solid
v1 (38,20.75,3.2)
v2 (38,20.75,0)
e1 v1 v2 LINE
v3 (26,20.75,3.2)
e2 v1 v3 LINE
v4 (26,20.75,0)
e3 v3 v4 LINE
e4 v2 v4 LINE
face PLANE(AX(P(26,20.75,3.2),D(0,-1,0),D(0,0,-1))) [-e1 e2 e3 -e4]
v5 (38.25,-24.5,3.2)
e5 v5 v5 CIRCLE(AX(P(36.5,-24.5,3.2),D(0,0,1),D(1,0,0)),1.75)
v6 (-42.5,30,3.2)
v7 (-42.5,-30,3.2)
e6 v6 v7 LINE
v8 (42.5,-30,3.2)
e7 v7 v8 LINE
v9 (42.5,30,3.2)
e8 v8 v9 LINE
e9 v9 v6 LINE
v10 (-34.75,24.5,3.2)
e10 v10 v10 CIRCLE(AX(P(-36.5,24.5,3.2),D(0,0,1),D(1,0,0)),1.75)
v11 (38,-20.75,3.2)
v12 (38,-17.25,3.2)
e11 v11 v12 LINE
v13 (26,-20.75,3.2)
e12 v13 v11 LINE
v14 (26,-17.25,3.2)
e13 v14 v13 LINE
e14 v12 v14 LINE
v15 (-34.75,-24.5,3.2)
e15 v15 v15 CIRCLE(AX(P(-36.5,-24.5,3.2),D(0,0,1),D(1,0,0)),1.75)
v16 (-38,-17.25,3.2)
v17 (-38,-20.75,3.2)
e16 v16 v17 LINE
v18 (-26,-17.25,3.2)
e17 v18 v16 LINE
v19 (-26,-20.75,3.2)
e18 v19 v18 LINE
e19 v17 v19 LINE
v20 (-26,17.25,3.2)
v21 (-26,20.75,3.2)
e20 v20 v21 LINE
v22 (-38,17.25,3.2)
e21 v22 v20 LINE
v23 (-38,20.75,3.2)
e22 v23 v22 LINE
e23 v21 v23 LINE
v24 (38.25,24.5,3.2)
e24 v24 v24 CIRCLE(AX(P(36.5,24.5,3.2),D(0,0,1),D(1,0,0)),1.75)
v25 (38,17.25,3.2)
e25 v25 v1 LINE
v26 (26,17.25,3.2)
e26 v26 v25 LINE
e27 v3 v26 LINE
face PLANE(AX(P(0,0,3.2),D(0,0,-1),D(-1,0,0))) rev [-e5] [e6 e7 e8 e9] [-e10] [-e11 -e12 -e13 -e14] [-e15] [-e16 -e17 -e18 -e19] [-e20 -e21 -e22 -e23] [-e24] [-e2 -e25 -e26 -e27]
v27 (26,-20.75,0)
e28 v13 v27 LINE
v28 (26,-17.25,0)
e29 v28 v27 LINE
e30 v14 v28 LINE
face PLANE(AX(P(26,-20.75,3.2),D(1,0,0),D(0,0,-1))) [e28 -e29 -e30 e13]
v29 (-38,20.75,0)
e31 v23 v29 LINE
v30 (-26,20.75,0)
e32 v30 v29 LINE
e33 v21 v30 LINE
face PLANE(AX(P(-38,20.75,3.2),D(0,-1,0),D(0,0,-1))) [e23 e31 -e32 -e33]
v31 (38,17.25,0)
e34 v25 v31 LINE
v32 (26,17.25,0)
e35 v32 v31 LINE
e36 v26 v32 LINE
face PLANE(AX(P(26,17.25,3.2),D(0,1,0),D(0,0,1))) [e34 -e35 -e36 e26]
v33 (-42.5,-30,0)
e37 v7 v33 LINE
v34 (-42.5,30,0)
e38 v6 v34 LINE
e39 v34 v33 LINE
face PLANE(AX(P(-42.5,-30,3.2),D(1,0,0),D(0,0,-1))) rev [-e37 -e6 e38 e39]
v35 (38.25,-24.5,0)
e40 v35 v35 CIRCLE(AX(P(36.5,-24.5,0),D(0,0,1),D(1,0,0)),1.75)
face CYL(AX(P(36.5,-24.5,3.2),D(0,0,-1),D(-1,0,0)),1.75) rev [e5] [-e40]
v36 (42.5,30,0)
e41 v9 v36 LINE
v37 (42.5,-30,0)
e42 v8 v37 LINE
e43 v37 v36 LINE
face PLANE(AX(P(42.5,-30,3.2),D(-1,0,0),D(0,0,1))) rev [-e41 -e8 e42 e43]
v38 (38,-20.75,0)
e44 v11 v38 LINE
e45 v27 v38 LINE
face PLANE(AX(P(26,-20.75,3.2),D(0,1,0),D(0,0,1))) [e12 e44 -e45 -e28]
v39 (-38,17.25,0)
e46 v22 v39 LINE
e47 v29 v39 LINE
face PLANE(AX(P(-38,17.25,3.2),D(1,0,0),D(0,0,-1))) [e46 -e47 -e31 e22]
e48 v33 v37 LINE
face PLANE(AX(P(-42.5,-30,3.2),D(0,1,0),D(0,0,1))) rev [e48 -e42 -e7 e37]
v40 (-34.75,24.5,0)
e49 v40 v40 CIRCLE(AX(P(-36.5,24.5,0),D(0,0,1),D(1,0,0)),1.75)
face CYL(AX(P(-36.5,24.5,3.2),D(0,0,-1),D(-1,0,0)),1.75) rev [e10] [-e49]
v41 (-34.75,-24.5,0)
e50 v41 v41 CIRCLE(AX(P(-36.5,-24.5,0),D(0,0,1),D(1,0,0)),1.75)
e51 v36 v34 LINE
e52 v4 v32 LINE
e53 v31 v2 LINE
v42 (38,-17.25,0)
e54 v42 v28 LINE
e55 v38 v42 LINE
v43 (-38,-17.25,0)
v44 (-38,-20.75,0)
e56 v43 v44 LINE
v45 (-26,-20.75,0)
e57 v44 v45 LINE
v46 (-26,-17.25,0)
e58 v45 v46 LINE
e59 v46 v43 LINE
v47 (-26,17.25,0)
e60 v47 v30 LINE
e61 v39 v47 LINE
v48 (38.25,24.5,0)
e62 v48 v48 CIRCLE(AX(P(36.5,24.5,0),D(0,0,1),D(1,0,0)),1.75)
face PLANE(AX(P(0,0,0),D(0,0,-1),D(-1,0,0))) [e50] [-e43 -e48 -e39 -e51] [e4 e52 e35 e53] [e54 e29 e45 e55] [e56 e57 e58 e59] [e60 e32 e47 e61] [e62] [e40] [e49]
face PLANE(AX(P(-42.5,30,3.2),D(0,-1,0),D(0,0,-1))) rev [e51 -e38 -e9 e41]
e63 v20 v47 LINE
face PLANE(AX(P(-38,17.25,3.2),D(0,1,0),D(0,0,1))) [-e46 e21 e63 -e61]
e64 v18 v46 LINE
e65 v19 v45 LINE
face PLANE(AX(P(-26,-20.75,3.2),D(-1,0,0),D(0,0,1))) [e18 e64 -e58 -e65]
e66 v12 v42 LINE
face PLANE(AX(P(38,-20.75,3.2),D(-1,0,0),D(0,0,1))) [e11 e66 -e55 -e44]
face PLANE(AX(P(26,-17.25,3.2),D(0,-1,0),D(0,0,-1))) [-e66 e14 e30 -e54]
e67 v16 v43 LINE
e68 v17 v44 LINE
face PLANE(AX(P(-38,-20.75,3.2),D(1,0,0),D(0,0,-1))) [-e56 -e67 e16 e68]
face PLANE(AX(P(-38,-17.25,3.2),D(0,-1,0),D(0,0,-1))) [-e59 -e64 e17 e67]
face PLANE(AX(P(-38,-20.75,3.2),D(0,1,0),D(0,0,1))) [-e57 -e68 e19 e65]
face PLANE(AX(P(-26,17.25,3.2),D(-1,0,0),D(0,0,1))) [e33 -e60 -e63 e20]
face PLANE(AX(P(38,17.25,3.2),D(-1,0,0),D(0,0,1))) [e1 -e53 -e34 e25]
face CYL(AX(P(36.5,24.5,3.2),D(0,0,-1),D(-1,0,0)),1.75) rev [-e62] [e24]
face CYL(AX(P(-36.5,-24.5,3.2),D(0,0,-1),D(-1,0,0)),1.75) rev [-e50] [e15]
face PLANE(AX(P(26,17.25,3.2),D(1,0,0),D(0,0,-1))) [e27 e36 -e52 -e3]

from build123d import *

# Parameters (mm, degrees)
SKETCH1_W              = 85
SKETCH1_H              = 60
SKETCH1_R              = 1.75
SKETCH1_W_2            = 12
SKETCH1_H_2            = 3.5
ELECTRONICS_DECK_DEPTH = 3.2


with BuildPart() as part:
    # Sketch1 → Electronics deck (new body)
    with BuildSketch(Plane.XY):
        Rectangle(SKETCH1_W, SKETCH1_H)
        with Locations((-36.5, -24.5)):
            Circle(SKETCH1_R, mode=Mode.SUBTRACT)
        with Locations((36.5, -24.5)):
            Circle(SKETCH1_R, mode=Mode.SUBTRACT)
        with Locations((-36.5, 24.5)):
            Circle(SKETCH1_R, mode=Mode.SUBTRACT)
        with Locations((36.5, 24.5)):
            Circle(SKETCH1_R, mode=Mode.SUBTRACT)
        with Locations((-32, 19)):
            Rectangle(SKETCH1_W_2, SKETCH1_H_2, mode=Mode.SUBTRACT)
        with Locations((32, 19)):
            Rectangle(SKETCH1_W_2, SKETCH1_H_2, mode=Mode.SUBTRACT)
        with Locations((-32, -19)):
            Rectangle(SKETCH1_W_2, SKETCH1_H_2, mode=Mode.SUBTRACT)
        with Locations((32, -19)):
            Rectangle(SKETCH1_W_2, SKETCH1_H_2, mode=Mode.SUBTRACT)
    extrude(amount=ELECTRONICS_DECK_DEPTH)


solid = part.part
